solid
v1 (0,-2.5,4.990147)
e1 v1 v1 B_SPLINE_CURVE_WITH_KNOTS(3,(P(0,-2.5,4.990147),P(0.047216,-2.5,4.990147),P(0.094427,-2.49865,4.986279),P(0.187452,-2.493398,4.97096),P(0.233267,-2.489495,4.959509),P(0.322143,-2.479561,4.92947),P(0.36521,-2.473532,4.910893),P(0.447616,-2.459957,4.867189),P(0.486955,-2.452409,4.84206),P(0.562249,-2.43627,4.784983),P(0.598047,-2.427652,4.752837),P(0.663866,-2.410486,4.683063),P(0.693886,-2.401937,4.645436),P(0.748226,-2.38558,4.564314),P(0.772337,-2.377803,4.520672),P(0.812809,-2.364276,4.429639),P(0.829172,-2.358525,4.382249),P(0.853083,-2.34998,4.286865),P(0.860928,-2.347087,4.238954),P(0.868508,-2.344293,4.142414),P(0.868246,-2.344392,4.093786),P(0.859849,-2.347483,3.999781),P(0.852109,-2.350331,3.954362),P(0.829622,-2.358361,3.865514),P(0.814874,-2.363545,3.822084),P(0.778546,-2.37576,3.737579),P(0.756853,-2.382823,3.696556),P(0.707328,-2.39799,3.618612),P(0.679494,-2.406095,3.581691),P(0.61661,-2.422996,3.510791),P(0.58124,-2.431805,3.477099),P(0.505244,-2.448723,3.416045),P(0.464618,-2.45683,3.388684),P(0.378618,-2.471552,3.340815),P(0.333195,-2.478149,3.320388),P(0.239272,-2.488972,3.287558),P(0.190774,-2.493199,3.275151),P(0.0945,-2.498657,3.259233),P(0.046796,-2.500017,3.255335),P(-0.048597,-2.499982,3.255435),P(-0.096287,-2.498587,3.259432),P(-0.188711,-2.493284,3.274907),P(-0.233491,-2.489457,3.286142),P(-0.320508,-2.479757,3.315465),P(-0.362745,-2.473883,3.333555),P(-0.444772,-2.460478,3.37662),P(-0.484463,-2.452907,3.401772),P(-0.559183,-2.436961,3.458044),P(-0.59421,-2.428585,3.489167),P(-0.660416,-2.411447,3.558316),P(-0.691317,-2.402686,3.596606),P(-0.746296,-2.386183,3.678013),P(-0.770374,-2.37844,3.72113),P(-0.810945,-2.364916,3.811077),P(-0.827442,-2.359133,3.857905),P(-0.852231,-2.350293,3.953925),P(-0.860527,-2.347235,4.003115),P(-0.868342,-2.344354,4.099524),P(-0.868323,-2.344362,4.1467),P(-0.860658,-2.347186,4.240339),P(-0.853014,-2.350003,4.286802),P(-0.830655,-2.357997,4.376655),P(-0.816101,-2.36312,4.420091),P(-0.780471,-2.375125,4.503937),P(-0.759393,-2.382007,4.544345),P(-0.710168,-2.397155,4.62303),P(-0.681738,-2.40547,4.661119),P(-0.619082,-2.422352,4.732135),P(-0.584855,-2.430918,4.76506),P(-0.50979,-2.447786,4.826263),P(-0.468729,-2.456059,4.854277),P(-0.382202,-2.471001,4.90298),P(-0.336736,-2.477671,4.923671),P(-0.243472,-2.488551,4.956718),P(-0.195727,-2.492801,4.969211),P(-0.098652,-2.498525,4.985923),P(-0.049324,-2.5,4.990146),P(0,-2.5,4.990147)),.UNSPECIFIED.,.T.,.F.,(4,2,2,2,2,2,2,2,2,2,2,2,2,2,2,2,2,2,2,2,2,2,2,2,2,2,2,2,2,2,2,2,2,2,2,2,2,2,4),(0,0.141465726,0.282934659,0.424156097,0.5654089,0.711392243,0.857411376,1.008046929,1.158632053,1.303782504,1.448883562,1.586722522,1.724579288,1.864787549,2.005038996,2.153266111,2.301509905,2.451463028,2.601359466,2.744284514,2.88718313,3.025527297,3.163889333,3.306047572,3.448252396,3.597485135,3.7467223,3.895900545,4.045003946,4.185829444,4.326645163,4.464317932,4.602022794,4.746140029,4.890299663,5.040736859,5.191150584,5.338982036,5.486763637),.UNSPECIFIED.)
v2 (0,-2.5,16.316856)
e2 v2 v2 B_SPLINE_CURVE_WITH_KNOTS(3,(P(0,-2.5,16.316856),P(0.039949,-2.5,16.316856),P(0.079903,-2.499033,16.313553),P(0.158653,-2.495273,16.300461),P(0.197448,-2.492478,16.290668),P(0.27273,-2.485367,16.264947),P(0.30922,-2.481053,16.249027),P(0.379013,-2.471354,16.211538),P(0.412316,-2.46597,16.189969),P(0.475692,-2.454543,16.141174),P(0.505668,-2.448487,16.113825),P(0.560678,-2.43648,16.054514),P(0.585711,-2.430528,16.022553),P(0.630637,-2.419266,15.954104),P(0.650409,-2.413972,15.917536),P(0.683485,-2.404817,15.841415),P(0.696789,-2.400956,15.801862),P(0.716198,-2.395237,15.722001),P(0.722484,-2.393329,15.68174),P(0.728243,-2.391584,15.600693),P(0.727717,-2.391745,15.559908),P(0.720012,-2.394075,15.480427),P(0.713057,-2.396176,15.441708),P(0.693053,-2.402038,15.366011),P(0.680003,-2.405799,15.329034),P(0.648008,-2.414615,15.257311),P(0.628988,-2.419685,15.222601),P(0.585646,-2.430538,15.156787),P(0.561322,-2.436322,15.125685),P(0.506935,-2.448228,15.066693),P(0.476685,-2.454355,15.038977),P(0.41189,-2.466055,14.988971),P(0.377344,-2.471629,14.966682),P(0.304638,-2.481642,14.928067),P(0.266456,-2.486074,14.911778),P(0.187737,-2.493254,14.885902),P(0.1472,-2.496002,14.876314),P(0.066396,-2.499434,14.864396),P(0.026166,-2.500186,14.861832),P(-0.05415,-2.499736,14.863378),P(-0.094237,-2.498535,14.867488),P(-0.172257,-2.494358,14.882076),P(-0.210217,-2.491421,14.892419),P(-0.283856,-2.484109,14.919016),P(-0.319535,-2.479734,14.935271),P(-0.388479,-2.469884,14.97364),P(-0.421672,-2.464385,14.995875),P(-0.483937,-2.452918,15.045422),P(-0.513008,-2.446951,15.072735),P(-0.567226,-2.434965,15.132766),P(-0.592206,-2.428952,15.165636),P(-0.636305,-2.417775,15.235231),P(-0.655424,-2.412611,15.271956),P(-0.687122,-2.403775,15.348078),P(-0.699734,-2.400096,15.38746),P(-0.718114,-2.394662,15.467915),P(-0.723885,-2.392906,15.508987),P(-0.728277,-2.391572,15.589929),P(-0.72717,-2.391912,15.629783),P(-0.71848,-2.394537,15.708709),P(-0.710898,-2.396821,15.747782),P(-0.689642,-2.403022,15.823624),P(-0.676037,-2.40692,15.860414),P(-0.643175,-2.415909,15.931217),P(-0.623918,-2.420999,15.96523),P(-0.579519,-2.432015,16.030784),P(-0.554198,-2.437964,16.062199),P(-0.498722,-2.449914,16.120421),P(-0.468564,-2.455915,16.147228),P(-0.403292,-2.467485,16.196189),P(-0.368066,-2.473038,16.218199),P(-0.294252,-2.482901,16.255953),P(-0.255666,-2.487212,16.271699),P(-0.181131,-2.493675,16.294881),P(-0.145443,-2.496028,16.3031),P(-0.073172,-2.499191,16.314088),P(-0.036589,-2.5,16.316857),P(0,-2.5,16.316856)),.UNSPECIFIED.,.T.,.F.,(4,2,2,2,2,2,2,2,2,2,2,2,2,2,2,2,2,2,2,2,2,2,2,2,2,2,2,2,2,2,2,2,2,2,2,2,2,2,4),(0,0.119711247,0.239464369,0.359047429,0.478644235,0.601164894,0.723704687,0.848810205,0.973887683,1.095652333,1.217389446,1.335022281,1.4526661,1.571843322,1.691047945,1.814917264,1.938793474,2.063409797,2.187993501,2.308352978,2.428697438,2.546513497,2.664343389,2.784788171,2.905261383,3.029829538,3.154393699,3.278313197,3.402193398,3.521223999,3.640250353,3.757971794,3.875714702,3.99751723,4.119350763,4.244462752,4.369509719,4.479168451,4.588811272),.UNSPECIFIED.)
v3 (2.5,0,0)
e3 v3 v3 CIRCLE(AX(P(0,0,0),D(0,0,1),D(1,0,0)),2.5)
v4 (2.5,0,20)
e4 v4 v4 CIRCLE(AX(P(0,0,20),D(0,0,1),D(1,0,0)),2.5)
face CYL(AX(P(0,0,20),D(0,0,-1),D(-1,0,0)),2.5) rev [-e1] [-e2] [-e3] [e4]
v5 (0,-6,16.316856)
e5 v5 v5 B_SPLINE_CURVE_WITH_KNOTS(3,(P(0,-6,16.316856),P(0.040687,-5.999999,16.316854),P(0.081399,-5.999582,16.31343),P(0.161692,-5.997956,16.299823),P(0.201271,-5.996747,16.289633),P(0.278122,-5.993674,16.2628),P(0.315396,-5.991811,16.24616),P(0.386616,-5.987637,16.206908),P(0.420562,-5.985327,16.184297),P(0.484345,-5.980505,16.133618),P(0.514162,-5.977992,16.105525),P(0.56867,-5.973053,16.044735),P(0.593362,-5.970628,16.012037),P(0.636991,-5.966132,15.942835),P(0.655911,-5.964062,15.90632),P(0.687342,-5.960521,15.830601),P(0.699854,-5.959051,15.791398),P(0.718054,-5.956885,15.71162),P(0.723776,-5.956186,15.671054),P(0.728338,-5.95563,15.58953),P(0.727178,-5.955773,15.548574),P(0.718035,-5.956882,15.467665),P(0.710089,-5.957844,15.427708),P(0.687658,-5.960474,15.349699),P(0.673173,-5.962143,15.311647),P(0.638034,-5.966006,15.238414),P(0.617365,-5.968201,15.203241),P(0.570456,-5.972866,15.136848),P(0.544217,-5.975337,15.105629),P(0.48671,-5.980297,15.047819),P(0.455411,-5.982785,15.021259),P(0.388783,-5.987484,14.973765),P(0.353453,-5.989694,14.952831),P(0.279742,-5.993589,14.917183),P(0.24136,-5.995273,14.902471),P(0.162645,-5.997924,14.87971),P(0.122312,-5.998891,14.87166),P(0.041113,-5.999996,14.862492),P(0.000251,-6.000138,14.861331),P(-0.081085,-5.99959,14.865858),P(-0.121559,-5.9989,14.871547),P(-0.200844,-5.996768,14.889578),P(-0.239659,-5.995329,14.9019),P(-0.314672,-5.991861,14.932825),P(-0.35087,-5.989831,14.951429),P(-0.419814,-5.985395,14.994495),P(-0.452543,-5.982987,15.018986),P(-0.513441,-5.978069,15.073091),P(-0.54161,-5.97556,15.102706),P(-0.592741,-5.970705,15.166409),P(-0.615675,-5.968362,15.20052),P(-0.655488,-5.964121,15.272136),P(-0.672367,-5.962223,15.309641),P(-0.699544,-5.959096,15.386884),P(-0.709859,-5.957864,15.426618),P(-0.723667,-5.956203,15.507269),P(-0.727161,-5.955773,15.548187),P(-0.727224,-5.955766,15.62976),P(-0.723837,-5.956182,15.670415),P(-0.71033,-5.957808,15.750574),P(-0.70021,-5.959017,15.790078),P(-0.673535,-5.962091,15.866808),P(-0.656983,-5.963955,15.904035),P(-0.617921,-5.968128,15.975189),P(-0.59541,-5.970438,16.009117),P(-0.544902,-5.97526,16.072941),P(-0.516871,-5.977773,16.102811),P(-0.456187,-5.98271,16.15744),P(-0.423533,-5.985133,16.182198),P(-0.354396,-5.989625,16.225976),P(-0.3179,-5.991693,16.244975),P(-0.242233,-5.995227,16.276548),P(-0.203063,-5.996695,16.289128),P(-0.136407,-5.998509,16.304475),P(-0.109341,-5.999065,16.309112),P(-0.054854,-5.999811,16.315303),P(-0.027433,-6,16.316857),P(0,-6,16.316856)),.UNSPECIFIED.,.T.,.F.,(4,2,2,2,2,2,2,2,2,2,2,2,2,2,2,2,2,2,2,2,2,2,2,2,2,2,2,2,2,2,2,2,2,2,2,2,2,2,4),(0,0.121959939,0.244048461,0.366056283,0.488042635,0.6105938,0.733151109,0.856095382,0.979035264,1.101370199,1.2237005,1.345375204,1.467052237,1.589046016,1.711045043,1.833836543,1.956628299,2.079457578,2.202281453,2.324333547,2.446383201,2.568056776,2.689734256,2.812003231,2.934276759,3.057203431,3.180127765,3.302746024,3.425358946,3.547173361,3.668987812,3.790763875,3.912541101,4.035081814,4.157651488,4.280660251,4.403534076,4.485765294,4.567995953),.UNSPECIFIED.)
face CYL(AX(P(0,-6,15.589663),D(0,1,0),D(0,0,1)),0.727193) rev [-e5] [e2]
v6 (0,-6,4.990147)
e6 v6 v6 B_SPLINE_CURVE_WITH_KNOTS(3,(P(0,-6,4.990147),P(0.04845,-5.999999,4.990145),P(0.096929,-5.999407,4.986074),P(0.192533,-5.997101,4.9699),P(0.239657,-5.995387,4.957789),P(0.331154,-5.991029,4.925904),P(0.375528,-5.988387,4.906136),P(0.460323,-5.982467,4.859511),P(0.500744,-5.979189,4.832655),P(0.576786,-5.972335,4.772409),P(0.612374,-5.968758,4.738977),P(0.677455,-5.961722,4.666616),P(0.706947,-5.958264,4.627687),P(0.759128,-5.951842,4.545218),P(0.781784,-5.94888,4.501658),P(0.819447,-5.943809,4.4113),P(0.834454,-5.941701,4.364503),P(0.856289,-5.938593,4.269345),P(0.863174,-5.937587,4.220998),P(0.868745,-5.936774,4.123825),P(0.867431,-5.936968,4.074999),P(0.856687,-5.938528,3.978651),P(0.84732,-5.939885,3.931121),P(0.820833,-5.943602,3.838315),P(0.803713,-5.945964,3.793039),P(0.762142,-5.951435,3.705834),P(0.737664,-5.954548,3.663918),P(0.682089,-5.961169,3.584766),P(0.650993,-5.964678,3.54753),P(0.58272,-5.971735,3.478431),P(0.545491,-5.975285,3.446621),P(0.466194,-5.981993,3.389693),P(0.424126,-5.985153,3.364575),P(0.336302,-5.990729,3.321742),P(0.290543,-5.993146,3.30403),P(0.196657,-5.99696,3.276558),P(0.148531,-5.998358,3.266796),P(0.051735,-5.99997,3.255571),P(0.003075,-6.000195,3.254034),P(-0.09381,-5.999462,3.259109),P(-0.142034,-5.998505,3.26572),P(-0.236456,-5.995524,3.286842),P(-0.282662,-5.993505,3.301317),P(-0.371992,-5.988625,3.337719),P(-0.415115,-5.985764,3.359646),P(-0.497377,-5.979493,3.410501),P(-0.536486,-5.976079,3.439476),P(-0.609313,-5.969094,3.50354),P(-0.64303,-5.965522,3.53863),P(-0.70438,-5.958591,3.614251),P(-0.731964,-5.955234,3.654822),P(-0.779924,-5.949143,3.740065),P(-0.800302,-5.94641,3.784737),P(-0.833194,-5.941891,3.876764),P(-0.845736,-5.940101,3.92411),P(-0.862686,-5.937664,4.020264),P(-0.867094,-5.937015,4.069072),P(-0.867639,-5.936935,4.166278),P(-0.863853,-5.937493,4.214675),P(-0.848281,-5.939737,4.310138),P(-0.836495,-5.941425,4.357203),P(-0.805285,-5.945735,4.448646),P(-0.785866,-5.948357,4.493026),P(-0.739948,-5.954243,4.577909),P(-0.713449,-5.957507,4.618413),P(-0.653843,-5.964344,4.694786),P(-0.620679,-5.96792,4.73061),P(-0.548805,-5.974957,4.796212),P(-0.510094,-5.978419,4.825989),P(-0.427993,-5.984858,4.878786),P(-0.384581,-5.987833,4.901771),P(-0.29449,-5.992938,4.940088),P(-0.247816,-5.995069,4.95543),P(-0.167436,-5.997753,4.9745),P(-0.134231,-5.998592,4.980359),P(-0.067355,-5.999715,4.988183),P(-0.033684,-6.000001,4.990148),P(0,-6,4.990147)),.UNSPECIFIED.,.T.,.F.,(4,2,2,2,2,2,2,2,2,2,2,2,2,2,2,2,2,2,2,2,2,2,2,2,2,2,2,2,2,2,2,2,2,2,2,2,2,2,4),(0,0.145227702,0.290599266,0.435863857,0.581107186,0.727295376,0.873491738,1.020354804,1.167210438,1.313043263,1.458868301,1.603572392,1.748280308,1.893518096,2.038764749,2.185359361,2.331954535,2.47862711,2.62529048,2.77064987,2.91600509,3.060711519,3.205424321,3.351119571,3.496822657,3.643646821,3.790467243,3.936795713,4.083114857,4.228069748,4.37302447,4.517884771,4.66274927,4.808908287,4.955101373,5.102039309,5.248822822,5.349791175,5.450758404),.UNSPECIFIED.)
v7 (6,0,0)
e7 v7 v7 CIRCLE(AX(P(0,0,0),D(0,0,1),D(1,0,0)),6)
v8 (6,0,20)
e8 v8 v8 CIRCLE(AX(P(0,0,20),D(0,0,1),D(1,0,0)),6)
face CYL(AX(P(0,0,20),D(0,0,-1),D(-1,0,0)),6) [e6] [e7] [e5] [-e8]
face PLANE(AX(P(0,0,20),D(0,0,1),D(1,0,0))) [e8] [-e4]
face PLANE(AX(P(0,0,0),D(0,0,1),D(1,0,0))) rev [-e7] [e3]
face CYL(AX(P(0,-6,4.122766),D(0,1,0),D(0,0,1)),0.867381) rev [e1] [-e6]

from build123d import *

# Parameters (mm, degrees)
CROQUIS1_R              = 6
CROQUIS1_R_2            = 2.5
SALIENTE_EXTRUIR1_DEPTH = 20
CROQUIS3_R              = 0.867381205
CROQUIS3_R_2            = 0.727192855
CORTAR_EXTRUIR1_DEPTH   = 22.725560982


with BuildPart() as part:
    # Croquis1 → Saliente-Extruir1 (new body)
    with BuildSketch(Plane.XY):
        Circle(CROQUIS1_R)
        Circle(CROQUIS1_R_2, mode=Mode.SUBTRACT)
    extrude(amount=SALIENTE_EXTRUIR1_DEPTH)

    # Croquis3 → Cortar-Extruir1 (cut, through all)
    with BuildSketch(Plane(origin=(0, 0, 0), x_dir=(1, 0, 0), z_dir=(0, 1, 0))):
        with Locations(Location((0, -4.122765545, 0), (0, 0, 270))):
            Circle(CROQUIS3_R)
        with Locations(Location((0, -15.58966335, 0), (0, 0, 270))):
            Circle(CROQUIS3_R_2)
    extrude(amount=-CORTAR_EXTRUIR1_DEPTH, mode=Mode.SUBTRACT)


solid = part.part
